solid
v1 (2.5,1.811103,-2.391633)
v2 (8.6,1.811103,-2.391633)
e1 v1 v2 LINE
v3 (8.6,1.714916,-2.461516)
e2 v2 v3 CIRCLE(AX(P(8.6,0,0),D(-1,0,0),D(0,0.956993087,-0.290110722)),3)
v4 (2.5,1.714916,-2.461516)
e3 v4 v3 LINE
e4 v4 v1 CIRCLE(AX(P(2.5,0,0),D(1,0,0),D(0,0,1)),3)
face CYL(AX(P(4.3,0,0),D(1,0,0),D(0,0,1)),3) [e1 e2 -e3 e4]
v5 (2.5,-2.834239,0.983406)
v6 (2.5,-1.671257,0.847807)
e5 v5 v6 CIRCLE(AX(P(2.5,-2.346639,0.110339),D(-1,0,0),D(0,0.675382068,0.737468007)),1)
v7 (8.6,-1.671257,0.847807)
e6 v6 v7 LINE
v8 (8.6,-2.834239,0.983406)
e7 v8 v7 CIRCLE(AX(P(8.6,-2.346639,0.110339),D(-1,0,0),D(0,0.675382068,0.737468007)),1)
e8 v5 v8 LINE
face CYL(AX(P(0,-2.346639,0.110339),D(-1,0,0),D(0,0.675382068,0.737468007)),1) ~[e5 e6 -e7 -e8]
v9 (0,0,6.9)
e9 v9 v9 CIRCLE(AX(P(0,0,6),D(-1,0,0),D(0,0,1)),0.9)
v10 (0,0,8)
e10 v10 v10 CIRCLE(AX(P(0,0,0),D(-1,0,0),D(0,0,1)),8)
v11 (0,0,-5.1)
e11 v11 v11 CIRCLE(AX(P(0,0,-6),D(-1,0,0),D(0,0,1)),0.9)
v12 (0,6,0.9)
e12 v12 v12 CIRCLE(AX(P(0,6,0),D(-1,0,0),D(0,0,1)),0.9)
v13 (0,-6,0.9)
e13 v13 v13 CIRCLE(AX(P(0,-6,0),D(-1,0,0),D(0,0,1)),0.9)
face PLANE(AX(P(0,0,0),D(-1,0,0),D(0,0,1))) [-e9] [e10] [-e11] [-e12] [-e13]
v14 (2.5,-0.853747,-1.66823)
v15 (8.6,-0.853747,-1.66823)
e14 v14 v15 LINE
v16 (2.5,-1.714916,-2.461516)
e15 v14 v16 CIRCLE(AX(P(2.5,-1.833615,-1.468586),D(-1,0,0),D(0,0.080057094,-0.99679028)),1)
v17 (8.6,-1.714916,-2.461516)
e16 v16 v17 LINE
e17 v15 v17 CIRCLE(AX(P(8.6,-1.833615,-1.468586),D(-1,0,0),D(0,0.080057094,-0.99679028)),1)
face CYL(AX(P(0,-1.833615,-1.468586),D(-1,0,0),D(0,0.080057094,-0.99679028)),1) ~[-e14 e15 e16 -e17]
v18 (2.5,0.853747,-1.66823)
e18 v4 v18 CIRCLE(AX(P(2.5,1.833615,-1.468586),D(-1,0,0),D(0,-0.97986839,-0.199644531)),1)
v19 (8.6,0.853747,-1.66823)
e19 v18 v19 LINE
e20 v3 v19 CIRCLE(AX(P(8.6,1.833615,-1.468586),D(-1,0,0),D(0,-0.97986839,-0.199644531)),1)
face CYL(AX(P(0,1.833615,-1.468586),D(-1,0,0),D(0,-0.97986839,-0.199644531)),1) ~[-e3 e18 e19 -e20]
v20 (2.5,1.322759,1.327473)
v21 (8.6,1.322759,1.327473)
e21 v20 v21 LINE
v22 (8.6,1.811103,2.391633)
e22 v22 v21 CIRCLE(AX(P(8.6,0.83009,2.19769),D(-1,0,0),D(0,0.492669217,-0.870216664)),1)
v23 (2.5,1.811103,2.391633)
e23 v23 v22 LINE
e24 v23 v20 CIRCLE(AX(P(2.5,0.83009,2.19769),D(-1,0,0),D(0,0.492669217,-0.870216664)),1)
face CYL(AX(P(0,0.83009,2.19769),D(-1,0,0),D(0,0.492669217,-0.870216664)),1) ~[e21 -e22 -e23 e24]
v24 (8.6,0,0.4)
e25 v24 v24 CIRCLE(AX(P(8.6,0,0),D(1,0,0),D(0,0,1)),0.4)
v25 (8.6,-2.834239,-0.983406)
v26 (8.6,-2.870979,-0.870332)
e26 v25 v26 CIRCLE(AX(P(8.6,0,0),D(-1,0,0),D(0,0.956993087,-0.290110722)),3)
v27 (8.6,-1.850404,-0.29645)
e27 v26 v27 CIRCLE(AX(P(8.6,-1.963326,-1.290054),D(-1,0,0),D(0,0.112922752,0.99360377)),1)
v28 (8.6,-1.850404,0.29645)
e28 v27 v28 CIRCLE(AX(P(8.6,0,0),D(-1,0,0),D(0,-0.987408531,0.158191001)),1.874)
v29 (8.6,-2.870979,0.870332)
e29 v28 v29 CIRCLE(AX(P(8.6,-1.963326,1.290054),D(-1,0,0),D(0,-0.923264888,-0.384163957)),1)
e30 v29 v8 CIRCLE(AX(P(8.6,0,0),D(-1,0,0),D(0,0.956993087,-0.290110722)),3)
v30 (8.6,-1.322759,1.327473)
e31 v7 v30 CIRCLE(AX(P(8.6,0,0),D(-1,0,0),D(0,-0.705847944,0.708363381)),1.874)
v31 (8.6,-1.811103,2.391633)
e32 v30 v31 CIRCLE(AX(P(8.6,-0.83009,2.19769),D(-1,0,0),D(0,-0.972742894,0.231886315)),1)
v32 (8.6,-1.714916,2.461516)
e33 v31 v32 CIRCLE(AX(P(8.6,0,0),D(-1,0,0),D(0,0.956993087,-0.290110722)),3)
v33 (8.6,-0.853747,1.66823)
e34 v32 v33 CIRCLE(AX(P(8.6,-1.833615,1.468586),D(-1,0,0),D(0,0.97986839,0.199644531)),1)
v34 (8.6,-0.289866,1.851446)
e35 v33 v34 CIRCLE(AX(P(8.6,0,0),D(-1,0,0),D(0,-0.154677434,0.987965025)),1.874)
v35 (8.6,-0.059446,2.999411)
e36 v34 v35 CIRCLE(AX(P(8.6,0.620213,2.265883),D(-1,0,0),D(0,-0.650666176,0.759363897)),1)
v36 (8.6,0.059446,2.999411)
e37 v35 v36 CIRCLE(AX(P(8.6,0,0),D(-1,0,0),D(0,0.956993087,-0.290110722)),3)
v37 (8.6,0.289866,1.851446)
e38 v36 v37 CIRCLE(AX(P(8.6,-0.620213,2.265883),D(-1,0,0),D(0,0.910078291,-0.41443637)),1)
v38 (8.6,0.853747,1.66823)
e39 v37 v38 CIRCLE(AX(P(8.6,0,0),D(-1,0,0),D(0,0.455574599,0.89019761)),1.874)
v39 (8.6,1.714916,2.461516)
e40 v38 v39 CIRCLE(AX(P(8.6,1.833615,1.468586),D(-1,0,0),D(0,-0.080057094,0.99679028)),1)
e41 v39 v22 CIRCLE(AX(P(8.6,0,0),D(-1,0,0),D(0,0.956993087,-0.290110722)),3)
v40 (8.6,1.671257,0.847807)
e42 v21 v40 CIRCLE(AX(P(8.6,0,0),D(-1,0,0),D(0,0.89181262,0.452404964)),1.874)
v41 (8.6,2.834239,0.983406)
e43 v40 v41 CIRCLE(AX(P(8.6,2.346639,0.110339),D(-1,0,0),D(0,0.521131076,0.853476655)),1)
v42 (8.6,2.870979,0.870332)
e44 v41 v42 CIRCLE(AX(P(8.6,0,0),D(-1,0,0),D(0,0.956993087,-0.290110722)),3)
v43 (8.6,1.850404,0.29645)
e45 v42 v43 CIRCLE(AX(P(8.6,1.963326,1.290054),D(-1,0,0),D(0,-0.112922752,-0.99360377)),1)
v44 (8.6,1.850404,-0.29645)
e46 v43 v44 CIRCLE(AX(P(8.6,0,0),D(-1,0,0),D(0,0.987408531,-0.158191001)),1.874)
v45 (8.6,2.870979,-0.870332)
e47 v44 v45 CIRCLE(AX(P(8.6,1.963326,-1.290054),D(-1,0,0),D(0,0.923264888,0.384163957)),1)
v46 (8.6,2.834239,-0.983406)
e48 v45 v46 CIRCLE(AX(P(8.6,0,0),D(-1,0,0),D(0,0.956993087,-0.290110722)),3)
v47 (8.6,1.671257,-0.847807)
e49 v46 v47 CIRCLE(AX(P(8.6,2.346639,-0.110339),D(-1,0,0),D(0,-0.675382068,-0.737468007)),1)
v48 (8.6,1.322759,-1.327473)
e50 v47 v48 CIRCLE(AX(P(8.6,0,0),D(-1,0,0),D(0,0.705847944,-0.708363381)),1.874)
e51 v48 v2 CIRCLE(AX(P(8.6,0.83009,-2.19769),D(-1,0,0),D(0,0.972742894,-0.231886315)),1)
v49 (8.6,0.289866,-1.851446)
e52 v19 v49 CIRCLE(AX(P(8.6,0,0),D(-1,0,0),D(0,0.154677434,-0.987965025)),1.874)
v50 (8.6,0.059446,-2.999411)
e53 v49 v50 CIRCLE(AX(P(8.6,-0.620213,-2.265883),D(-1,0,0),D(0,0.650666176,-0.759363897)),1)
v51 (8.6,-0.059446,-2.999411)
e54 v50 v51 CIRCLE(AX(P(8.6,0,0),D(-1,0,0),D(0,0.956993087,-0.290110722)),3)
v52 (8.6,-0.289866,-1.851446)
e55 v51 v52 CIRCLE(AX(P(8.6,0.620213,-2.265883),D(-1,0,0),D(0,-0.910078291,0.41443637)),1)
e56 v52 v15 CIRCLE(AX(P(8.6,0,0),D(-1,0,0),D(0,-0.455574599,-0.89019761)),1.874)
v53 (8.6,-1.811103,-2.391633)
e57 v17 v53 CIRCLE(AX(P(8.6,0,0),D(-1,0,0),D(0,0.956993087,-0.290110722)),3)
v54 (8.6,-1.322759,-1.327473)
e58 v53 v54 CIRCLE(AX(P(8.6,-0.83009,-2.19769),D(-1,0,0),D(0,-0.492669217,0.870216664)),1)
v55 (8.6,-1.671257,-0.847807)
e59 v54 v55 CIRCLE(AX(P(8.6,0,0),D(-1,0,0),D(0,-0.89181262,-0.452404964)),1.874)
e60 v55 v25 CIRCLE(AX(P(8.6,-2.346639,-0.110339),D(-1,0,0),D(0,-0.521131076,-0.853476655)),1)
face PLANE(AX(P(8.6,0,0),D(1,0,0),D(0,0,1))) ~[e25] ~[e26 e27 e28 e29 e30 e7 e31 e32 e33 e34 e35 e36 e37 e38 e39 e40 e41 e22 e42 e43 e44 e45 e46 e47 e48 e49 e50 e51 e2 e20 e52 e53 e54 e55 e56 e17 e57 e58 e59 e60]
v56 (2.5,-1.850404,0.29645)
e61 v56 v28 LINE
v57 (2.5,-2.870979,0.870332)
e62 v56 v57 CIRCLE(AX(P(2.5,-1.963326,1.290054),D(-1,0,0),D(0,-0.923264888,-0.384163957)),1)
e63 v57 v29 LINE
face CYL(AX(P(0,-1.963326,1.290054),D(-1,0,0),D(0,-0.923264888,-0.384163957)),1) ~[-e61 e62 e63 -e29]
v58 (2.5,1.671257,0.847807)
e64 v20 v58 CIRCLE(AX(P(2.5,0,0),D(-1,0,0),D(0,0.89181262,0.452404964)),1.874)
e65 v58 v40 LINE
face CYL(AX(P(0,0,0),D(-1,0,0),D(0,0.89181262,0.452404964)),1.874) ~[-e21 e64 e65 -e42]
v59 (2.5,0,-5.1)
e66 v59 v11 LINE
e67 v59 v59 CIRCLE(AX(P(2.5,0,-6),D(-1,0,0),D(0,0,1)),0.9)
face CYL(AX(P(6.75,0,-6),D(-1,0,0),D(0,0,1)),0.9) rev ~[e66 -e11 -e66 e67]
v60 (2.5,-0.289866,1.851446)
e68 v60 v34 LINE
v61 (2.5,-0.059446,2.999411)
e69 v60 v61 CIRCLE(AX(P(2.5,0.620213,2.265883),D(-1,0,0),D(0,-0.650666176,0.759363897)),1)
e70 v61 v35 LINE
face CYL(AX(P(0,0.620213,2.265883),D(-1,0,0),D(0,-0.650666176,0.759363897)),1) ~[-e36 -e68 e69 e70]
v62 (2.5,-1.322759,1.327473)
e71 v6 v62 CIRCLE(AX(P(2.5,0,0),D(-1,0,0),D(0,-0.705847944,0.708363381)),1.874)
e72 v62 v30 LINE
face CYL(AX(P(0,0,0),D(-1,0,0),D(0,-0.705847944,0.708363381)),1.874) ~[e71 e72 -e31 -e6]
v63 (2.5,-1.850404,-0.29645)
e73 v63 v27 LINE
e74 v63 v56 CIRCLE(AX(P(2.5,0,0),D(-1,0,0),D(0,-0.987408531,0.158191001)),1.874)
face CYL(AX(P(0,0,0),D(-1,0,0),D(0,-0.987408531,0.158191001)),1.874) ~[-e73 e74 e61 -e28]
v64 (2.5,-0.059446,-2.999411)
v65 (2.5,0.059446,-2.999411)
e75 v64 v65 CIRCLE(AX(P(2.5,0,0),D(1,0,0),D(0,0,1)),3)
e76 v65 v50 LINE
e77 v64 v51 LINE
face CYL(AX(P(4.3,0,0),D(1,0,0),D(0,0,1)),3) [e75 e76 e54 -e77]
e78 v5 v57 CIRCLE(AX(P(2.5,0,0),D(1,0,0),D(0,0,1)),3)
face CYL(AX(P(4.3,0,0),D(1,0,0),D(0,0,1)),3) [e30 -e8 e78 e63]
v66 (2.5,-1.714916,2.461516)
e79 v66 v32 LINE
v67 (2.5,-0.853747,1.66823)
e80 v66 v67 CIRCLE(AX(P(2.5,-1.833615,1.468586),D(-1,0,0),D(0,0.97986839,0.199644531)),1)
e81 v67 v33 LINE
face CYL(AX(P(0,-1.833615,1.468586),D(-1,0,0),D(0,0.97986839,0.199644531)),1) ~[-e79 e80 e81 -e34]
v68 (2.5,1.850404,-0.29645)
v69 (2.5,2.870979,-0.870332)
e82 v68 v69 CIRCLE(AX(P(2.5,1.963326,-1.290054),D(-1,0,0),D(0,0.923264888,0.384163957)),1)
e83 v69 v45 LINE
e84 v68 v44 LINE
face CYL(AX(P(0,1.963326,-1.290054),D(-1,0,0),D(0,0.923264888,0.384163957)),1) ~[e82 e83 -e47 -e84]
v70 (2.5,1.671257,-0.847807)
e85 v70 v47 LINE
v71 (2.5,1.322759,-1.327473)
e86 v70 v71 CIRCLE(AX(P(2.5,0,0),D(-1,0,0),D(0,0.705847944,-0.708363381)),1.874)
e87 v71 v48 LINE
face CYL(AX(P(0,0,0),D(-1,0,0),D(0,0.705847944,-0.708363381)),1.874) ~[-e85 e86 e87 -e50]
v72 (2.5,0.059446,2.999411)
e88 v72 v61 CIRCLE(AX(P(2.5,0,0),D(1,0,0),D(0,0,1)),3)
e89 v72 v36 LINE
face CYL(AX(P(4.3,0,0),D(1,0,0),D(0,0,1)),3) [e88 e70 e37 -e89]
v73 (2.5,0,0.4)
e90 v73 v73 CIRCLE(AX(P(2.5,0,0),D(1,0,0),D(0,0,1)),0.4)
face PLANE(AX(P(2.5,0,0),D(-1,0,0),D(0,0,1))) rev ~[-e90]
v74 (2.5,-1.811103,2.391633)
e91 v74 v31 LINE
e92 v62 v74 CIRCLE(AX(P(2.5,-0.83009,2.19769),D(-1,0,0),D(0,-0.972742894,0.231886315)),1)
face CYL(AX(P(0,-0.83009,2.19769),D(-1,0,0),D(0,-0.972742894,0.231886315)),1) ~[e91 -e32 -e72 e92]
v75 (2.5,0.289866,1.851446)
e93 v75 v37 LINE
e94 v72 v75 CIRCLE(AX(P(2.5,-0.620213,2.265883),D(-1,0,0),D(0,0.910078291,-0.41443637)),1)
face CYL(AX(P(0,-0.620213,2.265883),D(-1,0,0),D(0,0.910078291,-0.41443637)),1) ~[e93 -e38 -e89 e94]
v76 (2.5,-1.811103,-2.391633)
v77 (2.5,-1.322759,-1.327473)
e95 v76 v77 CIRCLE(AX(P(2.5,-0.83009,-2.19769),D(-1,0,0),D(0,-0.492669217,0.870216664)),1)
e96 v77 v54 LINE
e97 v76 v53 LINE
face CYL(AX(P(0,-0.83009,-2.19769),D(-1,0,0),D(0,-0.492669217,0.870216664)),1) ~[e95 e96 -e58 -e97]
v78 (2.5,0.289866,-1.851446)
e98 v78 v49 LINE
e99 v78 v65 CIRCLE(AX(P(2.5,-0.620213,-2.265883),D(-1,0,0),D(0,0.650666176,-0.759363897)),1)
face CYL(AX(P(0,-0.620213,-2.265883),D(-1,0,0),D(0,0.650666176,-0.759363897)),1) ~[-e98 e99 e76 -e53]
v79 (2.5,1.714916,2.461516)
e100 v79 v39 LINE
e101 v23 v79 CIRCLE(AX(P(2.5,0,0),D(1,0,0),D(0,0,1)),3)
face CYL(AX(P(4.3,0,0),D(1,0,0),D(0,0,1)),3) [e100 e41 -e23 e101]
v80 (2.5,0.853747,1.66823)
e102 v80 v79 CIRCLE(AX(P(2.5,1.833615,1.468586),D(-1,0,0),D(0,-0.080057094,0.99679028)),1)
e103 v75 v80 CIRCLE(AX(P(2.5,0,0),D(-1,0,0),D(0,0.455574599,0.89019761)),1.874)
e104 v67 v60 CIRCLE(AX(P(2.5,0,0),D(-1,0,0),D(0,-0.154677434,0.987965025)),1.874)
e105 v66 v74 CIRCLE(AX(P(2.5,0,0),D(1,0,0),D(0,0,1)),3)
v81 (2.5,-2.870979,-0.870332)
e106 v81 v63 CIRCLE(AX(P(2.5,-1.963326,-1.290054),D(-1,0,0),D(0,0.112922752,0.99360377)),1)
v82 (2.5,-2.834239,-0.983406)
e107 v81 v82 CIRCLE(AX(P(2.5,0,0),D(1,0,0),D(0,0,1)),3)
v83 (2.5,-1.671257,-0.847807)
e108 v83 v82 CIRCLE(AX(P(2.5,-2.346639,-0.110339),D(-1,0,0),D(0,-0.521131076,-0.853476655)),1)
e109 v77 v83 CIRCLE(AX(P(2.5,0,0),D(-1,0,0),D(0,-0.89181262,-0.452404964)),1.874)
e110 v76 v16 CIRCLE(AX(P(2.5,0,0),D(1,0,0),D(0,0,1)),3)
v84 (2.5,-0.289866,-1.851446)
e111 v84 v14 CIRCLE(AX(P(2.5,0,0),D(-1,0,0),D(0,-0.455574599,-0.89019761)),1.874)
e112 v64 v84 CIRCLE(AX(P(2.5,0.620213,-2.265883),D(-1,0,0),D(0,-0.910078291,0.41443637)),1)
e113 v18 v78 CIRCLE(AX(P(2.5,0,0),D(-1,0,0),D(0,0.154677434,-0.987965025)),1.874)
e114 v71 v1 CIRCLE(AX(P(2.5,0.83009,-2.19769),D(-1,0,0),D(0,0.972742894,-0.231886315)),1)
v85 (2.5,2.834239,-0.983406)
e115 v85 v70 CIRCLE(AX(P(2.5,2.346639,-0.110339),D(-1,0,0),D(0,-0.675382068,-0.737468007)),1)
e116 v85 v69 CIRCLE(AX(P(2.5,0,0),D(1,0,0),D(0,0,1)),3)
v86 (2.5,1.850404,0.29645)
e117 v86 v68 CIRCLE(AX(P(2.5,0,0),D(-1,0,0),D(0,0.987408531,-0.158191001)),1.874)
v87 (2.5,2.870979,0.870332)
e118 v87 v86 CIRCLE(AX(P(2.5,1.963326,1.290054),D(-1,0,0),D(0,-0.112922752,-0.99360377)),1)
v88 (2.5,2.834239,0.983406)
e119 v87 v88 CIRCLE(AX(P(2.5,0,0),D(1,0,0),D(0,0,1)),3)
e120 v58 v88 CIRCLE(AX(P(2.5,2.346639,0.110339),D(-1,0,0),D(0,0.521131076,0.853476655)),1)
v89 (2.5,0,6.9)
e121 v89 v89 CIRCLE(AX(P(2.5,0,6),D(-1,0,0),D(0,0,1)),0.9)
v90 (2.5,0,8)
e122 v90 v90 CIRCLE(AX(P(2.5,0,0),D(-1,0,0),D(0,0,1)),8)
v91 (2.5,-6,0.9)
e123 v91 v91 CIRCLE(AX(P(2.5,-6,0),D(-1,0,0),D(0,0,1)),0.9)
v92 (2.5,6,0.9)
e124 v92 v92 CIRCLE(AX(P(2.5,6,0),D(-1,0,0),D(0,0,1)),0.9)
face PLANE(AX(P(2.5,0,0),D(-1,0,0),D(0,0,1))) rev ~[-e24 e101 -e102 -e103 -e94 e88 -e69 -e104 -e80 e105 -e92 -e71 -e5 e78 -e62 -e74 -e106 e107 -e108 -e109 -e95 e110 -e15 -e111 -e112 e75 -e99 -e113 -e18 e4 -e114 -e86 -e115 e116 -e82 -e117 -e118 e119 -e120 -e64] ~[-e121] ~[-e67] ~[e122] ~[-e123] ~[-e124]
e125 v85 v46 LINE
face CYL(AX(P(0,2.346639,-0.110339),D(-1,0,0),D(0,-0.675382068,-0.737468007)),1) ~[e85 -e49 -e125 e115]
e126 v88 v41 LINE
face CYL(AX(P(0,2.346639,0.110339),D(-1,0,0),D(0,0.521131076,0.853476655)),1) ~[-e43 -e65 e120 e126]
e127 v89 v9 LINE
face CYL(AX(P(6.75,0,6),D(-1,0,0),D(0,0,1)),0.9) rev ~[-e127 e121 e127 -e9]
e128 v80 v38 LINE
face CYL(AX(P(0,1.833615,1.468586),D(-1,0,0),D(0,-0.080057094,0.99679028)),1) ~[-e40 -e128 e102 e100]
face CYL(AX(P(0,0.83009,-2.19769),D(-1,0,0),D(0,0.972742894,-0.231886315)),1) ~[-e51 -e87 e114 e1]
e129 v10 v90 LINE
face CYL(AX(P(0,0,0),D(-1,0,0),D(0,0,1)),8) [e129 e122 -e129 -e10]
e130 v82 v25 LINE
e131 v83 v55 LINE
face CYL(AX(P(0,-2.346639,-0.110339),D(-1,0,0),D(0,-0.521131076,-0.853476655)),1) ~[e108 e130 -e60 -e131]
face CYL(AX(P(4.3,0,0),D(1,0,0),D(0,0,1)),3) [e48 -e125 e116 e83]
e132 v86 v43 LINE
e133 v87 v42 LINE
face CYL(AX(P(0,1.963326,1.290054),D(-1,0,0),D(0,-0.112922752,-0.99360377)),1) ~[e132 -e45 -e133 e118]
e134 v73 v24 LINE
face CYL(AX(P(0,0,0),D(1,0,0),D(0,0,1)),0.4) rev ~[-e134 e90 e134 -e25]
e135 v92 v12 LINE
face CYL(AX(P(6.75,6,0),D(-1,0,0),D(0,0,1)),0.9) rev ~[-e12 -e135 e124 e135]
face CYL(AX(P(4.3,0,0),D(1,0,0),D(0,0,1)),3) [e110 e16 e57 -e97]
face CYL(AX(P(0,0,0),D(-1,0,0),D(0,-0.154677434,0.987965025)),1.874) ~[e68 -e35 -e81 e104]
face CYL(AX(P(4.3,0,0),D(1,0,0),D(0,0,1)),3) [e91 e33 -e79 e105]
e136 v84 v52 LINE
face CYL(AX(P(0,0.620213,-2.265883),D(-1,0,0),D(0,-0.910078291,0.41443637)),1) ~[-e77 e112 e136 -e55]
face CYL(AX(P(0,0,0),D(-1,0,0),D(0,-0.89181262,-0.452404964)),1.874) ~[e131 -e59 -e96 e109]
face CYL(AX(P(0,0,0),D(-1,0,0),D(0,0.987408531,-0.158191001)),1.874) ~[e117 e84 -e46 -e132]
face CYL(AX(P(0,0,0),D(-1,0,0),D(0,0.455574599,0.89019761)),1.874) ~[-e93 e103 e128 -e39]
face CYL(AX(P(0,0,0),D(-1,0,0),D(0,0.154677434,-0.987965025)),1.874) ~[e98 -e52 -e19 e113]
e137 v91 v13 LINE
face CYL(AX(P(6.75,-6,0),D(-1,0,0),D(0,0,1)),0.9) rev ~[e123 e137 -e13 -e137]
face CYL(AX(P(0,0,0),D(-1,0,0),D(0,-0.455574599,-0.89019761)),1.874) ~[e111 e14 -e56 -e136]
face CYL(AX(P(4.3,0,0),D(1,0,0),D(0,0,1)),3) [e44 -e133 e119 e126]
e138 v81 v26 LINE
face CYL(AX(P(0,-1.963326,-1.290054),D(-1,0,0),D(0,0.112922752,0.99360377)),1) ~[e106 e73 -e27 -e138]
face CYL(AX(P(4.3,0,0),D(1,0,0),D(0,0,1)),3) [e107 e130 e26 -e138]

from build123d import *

# Parameters (mm, degrees)
BASPROSKE_W                = 8.6
BASPROSKE_H                = 3
TOOTHCUT_DEPTH             = 10.589577676
TEETHCUTS_COUNT            = 10
BORSKE_R                   = 0.4
BORE_DEPTH                 = 50.0000508
SKETCH1_R                  = 8
BOSS_EXTRUDE1_DEPTH        = 2.5
M1_6_CLEARANCE_HOLE1_D     = 1.8
M1_6_CLEARANCE_HOLE1_DEPTH = 4.25
M1_6_CLEARANCE_HOLE1_TIP   = 0.540774557


with BuildPart() as part:
    # BasProSke → Base-Revolve (revolve)
    with BuildSketch(Plane(origin=(0, 0, 0), x_dir=(1, 0, 0), z_dir=(0, 1, 0)), mode=Mode.PRIVATE) as base_revolve_sk:
        with Locations((4.3, 1.5)):
            Rectangle(BASPROSKE_W, BASPROSKE_H)
    revolve(base_revolve_sk.sketch.rotate(Axis((-10, 0, 0), (1, 0, 0)), 180), axis=Axis((-10, 0, 0), (1, 0, 0)))

    # TooCutSke → ToothCut (cut, through all)
    with BuildSketch(Plane(origin=(0, 0, 0), x_dir=(0, 0, -1), z_dir=(1, 0, 0))):
        with BuildLine():
            ThreePointArc((0.296449938, 1.850403587), (0, 1.874), (-0.296449938, 1.850403587))
            ThreePointArc((-0.296449938, 1.850403587), (-0.428089565, 2.470295585), (-0.905889751, 2.886591228))
            ThreePointArc((-0.905889751, 2.886591228), (0, 3.0254), (0.905889751, 2.886591228))
            ThreePointArc((0.905889751, 2.886591228), (0.428089565, 2.470295585), (0.296449938, 1.850403587))
        make_face()
    toothcut = extrude(amount=TOOTHCUT_DEPTH, mode=Mode.SUBTRACT)

    # TeethCuts: ToothCut ×10 about axis
    teethcuts_axis = Axis((0, 0, 0), (1, 0, 0))
    for i in range(1, TEETHCUTS_COUNT):
        add(toothcut.rotate(teethcuts_axis, i * 360 / TEETHCUTS_COUNT), mode=Mode.SUBTRACT)

    # BorSke → Bore (cut, symmetric)
    with BuildSketch(Plane(origin=(0, 0, 0), x_dir=(0, 0, -1), z_dir=(1, 0, 0))):
        with Locations(Location((0, 0, 0), (0, 0, 180))):
            Circle(BORSKE_R)
    extrude(amount=BORE_DEPTH, both=True, mode=Mode.SUBTRACT)

    # Sketch1 → Boss-Extrude1 (add)
    with BuildSketch(Plane.ZY):
        Circle(SKETCH1_R)
    extrude(amount=-BOSS_EXTRUDE1_DEPTH)

    # M1.6 Clearance Hole1
    with Locations(Plane(origin=(2.5, 0, 0), x_dir=(0, 0, -1), z_dir=(1, 0, 0))):
        with Locations((0, 6), (6, 0), (0, -6), (-6, 0)):
            Hole(M1_6_CLEARANCE_HOLE1_D / 2, depth=M1_6_CLEARANCE_HOLE1_DEPTH)
            with Locations((0, 0, -(M1_6_CLEARANCE_HOLE1_DEPTH + M1_6_CLEARANCE_HOLE1_TIP / 2))):  # 118° drill point
                Cone(0, M1_6_CLEARANCE_HOLE1_D / 2, M1_6_CLEARANCE_HOLE1_TIP, mode=Mode.SUBTRACT)


solid = part.part
